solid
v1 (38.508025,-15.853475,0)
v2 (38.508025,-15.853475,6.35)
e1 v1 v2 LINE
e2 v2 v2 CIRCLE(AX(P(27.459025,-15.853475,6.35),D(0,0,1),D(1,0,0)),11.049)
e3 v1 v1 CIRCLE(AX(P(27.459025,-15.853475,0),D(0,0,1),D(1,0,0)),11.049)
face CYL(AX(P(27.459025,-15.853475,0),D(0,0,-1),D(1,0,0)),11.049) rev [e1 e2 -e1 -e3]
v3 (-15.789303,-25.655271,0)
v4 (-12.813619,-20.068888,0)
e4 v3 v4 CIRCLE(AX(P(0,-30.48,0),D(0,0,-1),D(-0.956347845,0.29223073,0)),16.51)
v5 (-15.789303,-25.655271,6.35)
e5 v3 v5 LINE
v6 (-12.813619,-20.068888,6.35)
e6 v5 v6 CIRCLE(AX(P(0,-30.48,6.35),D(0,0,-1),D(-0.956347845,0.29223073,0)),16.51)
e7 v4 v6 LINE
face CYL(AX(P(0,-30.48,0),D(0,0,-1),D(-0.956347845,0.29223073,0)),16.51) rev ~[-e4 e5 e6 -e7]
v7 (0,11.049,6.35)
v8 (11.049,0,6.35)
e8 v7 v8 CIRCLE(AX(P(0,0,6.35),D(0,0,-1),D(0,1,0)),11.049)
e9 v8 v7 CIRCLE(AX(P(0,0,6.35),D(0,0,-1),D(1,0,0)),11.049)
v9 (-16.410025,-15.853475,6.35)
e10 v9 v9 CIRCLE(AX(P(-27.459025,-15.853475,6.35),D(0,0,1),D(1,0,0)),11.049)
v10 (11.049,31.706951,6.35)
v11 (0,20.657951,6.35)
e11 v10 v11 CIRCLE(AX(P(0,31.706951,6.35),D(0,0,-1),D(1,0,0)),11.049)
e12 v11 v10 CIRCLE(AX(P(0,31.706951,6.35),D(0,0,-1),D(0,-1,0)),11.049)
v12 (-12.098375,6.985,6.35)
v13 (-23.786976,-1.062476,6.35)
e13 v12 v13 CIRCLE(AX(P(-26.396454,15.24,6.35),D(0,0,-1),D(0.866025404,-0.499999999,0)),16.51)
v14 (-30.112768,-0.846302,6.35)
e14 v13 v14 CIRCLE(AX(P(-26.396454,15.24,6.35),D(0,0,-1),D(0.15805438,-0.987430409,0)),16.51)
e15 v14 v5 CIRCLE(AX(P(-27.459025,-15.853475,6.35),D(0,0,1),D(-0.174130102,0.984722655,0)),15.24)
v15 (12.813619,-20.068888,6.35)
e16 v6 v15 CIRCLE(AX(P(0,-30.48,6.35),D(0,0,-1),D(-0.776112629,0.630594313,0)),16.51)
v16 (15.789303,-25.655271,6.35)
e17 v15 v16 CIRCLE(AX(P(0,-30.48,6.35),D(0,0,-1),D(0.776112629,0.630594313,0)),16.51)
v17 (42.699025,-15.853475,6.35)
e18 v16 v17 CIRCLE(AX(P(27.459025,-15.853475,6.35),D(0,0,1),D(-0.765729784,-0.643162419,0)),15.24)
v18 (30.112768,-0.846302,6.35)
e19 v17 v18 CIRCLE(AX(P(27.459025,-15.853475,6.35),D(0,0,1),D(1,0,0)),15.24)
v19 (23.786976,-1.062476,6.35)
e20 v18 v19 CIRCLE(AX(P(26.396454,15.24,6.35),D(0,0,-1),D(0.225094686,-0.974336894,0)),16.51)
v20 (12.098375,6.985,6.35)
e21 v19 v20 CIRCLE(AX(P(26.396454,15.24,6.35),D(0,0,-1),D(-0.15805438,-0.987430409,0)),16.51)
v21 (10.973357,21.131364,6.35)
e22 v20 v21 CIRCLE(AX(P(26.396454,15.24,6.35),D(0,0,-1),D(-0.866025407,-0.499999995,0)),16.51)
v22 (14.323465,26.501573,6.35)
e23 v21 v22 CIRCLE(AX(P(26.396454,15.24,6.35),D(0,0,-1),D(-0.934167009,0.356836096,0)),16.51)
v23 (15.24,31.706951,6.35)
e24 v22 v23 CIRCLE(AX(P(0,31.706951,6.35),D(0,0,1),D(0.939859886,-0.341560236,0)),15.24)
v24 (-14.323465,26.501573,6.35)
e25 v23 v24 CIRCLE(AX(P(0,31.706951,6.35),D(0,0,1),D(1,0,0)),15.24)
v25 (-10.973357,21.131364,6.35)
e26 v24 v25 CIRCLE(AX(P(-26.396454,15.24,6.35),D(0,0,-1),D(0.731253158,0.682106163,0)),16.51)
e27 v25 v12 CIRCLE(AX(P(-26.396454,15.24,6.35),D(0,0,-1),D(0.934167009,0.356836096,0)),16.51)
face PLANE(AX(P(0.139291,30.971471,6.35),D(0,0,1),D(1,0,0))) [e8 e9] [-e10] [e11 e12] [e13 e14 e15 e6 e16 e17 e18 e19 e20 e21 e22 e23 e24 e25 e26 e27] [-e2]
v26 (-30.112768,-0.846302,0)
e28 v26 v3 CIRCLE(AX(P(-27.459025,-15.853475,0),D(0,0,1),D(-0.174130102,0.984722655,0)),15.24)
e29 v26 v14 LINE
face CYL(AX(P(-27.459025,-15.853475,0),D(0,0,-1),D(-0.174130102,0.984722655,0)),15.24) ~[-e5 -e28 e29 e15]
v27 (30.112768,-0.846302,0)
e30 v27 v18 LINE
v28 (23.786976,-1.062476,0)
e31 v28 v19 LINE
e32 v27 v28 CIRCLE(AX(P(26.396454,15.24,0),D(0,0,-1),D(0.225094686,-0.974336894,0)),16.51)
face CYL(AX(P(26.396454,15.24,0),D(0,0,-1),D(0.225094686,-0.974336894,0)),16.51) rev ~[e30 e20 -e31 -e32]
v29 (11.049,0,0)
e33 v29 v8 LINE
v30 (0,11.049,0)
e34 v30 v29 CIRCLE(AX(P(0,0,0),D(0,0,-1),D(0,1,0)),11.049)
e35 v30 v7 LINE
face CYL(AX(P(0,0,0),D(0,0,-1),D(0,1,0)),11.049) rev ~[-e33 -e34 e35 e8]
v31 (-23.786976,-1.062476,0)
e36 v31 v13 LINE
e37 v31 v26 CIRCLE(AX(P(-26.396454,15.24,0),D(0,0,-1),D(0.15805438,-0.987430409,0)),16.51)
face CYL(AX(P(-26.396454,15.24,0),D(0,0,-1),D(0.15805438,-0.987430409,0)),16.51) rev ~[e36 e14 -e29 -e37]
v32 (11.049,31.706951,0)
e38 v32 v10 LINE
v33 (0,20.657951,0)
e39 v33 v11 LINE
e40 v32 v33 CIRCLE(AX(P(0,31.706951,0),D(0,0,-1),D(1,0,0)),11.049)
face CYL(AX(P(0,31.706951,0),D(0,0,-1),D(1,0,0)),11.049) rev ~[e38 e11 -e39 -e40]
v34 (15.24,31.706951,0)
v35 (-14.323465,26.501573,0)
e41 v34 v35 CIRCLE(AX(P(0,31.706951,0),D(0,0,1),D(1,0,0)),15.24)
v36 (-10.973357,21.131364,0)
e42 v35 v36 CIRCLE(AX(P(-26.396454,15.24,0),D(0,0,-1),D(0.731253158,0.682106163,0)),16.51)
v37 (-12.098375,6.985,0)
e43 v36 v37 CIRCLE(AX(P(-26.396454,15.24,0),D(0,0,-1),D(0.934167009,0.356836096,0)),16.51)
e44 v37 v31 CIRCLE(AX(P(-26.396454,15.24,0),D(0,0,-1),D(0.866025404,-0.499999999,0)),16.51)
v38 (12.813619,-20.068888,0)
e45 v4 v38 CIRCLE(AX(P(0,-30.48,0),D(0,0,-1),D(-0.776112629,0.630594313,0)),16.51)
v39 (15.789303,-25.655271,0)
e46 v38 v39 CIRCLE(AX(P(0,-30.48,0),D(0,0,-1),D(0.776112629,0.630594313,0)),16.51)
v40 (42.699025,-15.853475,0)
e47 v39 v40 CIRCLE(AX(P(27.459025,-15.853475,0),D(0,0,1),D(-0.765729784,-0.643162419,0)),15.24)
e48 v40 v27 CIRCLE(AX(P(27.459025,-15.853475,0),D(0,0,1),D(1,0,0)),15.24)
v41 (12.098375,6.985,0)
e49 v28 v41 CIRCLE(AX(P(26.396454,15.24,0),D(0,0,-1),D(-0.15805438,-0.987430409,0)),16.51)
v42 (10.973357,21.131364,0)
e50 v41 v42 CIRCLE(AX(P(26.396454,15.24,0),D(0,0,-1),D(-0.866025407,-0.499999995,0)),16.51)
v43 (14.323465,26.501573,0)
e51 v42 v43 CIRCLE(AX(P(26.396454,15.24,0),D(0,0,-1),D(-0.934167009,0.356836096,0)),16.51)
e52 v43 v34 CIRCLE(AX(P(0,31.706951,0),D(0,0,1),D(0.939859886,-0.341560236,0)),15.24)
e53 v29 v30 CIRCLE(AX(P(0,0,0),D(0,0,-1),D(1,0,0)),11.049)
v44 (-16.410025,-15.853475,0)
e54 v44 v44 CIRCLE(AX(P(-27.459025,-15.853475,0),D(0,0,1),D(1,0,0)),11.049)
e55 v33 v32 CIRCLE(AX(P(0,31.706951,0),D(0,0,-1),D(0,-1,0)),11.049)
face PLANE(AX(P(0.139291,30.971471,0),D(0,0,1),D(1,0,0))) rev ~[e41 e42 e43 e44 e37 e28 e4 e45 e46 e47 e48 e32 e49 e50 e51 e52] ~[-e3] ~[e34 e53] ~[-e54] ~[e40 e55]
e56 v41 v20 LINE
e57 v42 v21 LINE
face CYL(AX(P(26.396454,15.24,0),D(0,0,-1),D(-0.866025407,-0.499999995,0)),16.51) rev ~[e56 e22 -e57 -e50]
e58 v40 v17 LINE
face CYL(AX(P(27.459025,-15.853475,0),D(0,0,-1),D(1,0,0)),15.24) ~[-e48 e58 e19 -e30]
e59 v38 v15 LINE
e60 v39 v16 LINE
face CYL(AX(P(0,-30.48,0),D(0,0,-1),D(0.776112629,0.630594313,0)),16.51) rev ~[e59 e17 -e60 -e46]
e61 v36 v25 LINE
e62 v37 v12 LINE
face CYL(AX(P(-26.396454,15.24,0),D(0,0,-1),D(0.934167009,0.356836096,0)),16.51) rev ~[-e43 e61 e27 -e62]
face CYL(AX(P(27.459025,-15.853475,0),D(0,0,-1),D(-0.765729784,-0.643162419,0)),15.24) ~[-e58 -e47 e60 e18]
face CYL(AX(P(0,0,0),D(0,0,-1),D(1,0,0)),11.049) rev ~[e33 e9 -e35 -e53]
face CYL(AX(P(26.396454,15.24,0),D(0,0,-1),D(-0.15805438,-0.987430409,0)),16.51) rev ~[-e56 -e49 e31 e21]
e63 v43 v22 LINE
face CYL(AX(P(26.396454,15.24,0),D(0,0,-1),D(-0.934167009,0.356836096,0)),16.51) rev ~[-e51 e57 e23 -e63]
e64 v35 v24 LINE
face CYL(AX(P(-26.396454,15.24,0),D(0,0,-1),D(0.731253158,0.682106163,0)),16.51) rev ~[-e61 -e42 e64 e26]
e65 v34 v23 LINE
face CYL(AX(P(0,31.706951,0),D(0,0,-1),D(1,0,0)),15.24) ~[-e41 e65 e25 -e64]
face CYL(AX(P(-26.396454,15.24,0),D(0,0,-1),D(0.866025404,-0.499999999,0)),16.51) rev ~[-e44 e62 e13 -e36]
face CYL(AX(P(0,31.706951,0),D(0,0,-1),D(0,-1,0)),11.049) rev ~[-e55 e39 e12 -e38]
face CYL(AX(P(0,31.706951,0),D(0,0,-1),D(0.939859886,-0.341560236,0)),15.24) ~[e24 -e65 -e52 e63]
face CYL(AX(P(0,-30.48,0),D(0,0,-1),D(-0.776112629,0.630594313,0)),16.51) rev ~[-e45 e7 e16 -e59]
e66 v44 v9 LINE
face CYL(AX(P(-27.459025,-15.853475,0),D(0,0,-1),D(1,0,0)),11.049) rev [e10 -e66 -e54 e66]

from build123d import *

# Parameters (mm, degrees)
F0_R     = 11.049
F1_DEPTH = 6.35


with BuildPart() as f1:
    # F0 (on Top) → F1 (new body)
    with BuildSketch(Plane.XY):
        with BuildLine():
            ThreePointArc((-10.9733569908, 21.1313639477), (-5.9617806498, 17.6814464347), (0, 16.4669507566))
            ThreePointArc((0, 16.4669507566), (5.9617806498, 17.6814464347), (10.9733569908, 21.1313639477))
            ThreePointArc((10.9733569908, 21.1313639477), (12.3886534366, 23.9785133041), (14.3234646612, 26.5015727589))
            ThreePointArc((14.3234646612, 26.5015727589), (15.0091172531, 29.0642250271), (15.24, 31.7069507566))
            ThreePointArc((15.24, 31.7069507566), (-2.6427257295, 46.7160680097), (-14.3234646612, 26.5015727589))
            ThreePointArc((-14.3234646612, 26.5015727589), (-12.3886534366, 23.9785133041), (-10.9733569908, 21.1313639477))
        make_face()
        with BuildLine():
            ThreePointArc((11.049, 31.7069507566), (7.8128228253, 23.8941279313), (0, 20.6579507566))
            ThreePointArc((0, 20.6579507566), (-7.8128228253, 39.5197735819), (11.049, 31.7069507566))
        make_face(mode=Mode.SUBTRACT)
        with BuildLine():
            ThreePointArc((-9.5687146864, 5.5245), (-5.5245, 9.5687146864), (0, 11.049))
            Line((0, 11.049), (0, 13.97))
            ThreePointArc((0, 13.97), (-6.9849999915, 12.0983748958), (-12.098374881, 6.9850000171))
            Line((-12.0983748909, 6.985), (-9.5687146864, 5.5245))
        make_face()
        with BuildLine():
            ThreePointArc((-12.098374881, 6.9850000171), (-6.9849999915, 12.0983748958), (0, 13.97))
            Line((0, 13.97), (0, 16.4669507566))
            ThreePointArc((0, 16.4669507566), (-5.9617806498, 17.6814464347), (-10.9733569908, 21.1313639477))
            ThreePointArc((-10.9733569908, 21.1313639477), (-9.9384170653, 13.9311416654), (-12.098374881, 6.9850000171))
        make_face()
        with BuildLine():
            Line((0, 16.4669507566), (0, 13.97))
            ThreePointArc((0, 13.97), (6.984999959, 12.0983749145), (12.0983748435, 6.985000082))
            ThreePointArc((12.0983748435, 6.985000082), (9.9384170624, 13.9311417027), (10.9733569908, 21.1313639477))
            ThreePointArc((10.9733569908, 21.1313639477), (5.9617806498, 17.6814464347), (0, 16.4669507566))
        make_face()
        with BuildLine():
            ThreePointArc((0, 11.049), (7.8128228253, 7.8128228253), (11.049, 0))
            ThreePointArc((11.049, 0), (-2.8596916293, -10.6725144547), (-9.5687146864, 5.5245))
            Line((-9.5687146864, 5.5245), (-12.0983748909, 6.985))
            ThreePointArc((-12.098374881, 6.9850000171), (-12.0983749018, -6.9849999811), (-2.4e-08, -13.97))
            ThreePointArc((-2.4e-08, -13.97), (9.8782817247, -9.8782817416), (13.97, 0))
            ThreePointArc((13.97, 0), (13.493983781, 3.6157021058), (12.0983748435, 6.985000082))
            ThreePointArc((12.0983748435, 6.985000082), (6.984999959, 12.0983749145), (0, 13.97))
            Line((0, 13.97), (0, 11.049))
        make_face()
        with BuildLine():
            ThreePointArc((30.1127675801, -0.8463021126), (26.9603283847, -1.2603680573), (23.7869764907, -1.062476055))
            ThreePointArc((23.7869764907, -1.062476055), (14.2607976781, -8.2334753783), (12.8136194999, -20.0688878927))
            ThreePointArc((12.8136194999, -20.0688878927), (14.571674948, -22.7181452469), (15.7893029189, -25.6552706463))
            ThreePointArc((15.7893029189, -25.6552706463), (32.6749158413, -30.1731150726), (42.6990248317, -15.8534753783))
            ThreePointArc((42.6990248317, -15.8534753783), (39.1359387966, -6.0602491347), (30.1127675801, -0.8463021126))
        make_face()
        with Locations((27.4590248317, -15.8534753783)):
            Circle(F0_R, mode=Mode.SUBTRACT)
        with BuildLine():
            ThreePointArc((23.7869764907, -1.062476055), (17.0339310715, 1.6413508517), (12.0983748435, 6.985000082))
            ThreePointArc((12.0983748435, 6.985000082), (13.493983781, 3.6157021058), (13.97, 0))
            ThreePointArc((13.97, 0), (9.8782817247, -9.8782817416), (-2.4e-08, -13.97))
            ThreePointArc((-2.4e-08, -13.97), (7.0955140336, -15.5724924753), (12.8136194999, -20.0688878927))
            ThreePointArc((12.8136194999, -20.0688878927), (14.2607976781, -8.2334753783), (23.7869764907, -1.062476055))
        make_face()
        with BuildLine():
            ThreePointArc((-2.4e-08, -13.97), (-12.0983749018, -6.9849999811), (-12.098374881, 6.9850000171))
            ThreePointArc((-12.098374881, 6.9850000171), (-17.0339311024, 1.6413508305), (-23.7869764907, -1.062476055))
            ThreePointArc((-23.7869764907, -1.062476055), (-15.4544503554, -6.4647698423), (-12.2190248317, -15.8534753783))
            ThreePointArc((-12.2190248317, -15.8534753783), (-12.3684056056, -17.9820456429), (-12.8136194999, -20.0688878927))
            ThreePointArc((-12.8136194999, -20.0688878927), (-7.0955140552, -15.5724924856), (-2.4e-08, -13.97))
        make_face()
        with BuildLine():
            ThreePointArc((-12.2190248317, -15.8534753783), (-15.4544503554, -6.4647698423), (-23.7869764907, -1.062476055))
            ThreePointArc((-23.7869764907, -1.062476055), (-26.9603283847, -1.2603680573), (-30.1127675801, -0.8463021126))
            ThreePointArc((-30.1127675801, -0.8463021126), (-40.6572519854, -23.4734753783), (-15.7893029189, -25.6552706463))
            ThreePointArc((-15.7893029189, -25.6552706463), (-14.571674948, -22.7181452469), (-12.8136194999, -20.0688878927))
            ThreePointArc((-12.8136194999, -20.0688878927), (-12.3684056056, -17.9820456429), (-12.2190248317, -15.8534753783))
        make_face()
        with Locations((-27.4590248317, -15.8534753783)):
            Circle(F0_R, mode=Mode.SUBTRACT)
    extrude(amount=F1_DEPTH)


solid = f1.part
